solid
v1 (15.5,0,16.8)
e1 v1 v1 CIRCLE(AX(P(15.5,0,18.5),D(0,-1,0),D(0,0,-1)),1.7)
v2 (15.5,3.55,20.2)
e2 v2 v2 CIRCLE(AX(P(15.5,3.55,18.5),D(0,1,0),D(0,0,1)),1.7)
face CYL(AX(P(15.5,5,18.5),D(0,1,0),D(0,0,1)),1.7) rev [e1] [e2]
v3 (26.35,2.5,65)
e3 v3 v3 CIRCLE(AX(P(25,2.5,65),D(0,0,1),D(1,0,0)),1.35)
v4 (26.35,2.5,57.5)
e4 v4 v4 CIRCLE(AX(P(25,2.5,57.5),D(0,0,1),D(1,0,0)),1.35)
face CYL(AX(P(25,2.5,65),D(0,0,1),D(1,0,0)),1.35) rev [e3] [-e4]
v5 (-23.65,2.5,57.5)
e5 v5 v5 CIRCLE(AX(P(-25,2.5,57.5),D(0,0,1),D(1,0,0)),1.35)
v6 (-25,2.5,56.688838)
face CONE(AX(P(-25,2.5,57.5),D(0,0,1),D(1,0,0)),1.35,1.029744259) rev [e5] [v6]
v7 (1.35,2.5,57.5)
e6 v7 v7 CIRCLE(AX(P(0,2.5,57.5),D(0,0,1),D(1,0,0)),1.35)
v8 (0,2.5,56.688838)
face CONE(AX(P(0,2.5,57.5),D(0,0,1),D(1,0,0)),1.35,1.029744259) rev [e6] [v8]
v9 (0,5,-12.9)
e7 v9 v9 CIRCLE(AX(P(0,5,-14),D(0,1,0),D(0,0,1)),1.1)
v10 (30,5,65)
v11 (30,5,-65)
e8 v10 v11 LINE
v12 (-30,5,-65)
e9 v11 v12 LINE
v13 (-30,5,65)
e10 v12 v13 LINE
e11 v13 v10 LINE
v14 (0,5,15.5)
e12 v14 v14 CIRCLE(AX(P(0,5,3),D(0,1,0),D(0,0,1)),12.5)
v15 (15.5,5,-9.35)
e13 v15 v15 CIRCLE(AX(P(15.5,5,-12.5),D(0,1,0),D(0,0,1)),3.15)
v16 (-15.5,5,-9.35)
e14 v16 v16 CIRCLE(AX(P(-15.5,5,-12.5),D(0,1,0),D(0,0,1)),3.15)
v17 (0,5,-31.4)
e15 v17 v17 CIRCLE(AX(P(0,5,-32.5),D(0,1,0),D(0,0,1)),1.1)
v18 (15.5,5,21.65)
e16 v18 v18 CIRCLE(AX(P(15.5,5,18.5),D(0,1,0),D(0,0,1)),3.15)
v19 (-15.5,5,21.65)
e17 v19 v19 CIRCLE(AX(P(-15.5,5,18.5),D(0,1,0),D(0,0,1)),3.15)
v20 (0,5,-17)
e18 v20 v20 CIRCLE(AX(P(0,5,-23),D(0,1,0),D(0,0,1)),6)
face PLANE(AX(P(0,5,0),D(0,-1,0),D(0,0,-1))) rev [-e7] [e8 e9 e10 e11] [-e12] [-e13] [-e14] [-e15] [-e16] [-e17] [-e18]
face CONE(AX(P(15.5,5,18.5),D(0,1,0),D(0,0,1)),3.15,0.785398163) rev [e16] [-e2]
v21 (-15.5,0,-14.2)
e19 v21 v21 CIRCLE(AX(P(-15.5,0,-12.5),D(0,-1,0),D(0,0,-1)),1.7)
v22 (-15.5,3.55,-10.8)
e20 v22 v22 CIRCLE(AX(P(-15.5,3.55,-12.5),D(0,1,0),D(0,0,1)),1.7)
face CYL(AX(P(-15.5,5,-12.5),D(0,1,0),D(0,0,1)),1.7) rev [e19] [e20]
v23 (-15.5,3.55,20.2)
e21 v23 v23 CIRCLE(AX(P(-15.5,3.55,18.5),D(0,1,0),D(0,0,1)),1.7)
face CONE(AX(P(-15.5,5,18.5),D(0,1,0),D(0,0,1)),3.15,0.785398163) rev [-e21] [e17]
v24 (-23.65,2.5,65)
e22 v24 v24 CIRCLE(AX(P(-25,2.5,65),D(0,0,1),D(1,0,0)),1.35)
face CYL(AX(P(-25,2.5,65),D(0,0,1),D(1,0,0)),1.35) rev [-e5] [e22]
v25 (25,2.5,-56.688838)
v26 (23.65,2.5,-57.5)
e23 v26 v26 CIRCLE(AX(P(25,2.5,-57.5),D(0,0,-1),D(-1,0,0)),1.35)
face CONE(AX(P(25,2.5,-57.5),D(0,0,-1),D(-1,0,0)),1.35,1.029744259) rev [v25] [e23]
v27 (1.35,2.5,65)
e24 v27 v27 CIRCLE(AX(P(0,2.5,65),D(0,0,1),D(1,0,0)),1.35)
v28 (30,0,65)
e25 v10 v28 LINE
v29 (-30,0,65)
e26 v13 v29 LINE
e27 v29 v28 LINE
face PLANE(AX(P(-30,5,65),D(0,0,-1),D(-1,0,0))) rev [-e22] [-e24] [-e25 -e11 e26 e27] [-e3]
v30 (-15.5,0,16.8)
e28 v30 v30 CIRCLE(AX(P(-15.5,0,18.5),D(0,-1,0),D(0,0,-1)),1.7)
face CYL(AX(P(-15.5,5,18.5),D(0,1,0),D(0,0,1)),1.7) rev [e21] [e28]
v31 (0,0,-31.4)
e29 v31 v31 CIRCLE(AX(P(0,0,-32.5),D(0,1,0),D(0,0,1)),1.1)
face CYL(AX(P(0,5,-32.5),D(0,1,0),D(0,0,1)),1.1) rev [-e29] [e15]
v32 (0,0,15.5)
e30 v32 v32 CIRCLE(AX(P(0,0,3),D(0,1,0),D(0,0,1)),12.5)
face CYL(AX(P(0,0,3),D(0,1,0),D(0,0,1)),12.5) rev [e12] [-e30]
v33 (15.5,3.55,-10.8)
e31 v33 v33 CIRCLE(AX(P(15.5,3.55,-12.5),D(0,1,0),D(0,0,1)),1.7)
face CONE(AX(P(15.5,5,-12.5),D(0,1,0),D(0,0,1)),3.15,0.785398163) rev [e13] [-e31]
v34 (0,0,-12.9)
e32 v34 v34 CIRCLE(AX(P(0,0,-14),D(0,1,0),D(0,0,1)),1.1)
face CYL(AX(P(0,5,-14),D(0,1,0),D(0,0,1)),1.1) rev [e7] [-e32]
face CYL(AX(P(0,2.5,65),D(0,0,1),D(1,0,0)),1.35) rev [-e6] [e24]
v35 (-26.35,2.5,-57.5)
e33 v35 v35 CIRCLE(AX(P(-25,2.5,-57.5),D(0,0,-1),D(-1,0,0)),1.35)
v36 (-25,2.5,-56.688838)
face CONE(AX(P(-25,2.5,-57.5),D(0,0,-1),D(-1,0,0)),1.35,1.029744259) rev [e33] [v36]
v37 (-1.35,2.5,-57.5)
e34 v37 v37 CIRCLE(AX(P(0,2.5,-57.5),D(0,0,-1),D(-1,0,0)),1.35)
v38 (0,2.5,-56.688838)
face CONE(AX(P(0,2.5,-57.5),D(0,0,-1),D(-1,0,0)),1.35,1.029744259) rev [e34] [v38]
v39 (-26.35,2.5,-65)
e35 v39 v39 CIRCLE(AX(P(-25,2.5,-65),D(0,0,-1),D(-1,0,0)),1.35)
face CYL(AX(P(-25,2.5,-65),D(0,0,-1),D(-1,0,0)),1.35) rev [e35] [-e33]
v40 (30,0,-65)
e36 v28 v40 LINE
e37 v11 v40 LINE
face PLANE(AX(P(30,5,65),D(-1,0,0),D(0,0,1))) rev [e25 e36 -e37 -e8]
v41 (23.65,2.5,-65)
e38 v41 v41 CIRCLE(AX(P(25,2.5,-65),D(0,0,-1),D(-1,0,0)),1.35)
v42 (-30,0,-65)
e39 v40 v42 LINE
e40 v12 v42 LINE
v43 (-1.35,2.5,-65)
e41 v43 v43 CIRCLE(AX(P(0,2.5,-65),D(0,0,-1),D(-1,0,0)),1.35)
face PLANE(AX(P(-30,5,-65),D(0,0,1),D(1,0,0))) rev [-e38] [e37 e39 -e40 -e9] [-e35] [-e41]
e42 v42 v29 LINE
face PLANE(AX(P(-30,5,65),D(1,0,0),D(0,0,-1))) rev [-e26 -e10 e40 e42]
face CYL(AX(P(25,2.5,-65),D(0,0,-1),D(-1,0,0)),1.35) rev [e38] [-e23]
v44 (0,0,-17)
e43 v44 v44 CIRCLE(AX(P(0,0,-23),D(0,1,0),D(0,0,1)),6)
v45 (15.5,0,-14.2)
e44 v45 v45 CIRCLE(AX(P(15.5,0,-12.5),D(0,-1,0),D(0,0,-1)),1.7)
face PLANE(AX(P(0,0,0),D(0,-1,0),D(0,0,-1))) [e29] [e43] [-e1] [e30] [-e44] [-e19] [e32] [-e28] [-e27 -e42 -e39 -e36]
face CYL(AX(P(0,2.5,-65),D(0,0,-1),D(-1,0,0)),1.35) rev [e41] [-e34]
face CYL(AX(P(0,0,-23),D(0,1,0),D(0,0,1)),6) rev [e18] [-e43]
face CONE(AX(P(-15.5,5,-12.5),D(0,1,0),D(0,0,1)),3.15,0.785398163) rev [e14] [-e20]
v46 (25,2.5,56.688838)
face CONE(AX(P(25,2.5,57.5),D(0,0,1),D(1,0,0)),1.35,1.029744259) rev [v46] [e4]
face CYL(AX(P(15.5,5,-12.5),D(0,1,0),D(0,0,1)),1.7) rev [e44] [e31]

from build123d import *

# Parameters (mm, degrees)
SKETCH_1_W                   = 60
SKETCH_1_H                   = 130
EXTRUDE_1_DEPTH              = 5
HOLE_WIZARD_M3_1_D           = 3.4
HOLE_WIZARD_M3_1_DEPTH       = 7.5
HOLE_WIZARD_M3_1_CSINK_D     = 6.3
HOLE_WIZARD_M3_1_CSINK_ANGLE = 90
HOLE_WIZARD_M3_1_TIP         = 1.021463052
SKETCH_6_R                   = 12.5
CUT_EXTRUDE_1_DEPTH          = 72.763500472
F_1_0MM_2_AT_2_COUNT         = 2
F_1_0MM_2_AT_2_PITCH         = 25
F_1_0MM_2_AT_3_COUNT         = 2
F_1_0MM_2_AT_3_PITCH         = 50
F_1_0MM_1_D                  = 2.2
SKETCH_13_R                  = 6
CUT_EXTRUDE_2_DEPTH          = 72.763500472


with BuildPart() as part:
    # 草圖1 → 填料-伸長1 (new body)
    with BuildSketch(Plane(origin=(0, 0, 0), x_dir=(1, 0, 0), z_dir=(0, 1, 0))):
        Rectangle(SKETCH_1_W, SKETCH_1_H)
    extrude(amount=EXTRUDE_1_DEPTH)

    # M3 錐坑平頭螺釘的錐孔1
    with Locations(Plane(origin=(0, 5, 0), x_dir=(1, 0, 0), z_dir=(0, 1, 0))):
        with Locations((-15.5, 12.5), (-15.5, -18.5), (15.5, 12.5), (15.5, -18.5)):
            CounterSinkHole(HOLE_WIZARD_M3_1_D / 2, HOLE_WIZARD_M3_1_CSINK_D / 2, depth=HOLE_WIZARD_M3_1_DEPTH, counter_sink_angle=HOLE_WIZARD_M3_1_CSINK_ANGLE)
            with Locations((0, 0, -(HOLE_WIZARD_M3_1_DEPTH + HOLE_WIZARD_M3_1_TIP / 2))):  # 118° drill point
                Cone(0, HOLE_WIZARD_M3_1_D / 2, HOLE_WIZARD_M3_1_TIP, mode=Mode.SUBTRACT)

    # 草圖6 → 除料-伸長1 (cut, through all)
    with BuildSketch(Plane(origin=(0, 5, 0), x_dir=(1, 0, 0), z_dir=(0, 1, 0))):
        with Locations(Location((0, -3, 0), (0, 0, 270))):
            Circle(SKETCH_6_R)
    extrude(amount=-CUT_EXTRUDE_1_DEPTH, mode=Mode.SUBTRACT)

    # 草圖8 → Ø1.0mm 定位孔2 (revolve, cut)
    with BuildSketch(Plane(origin=(25, 2.5, -65), x_dir=(0, 1, 0), z_dir=(1, 0, 0))):
        Polygon((0, 0), (0, 8.311161836), (1.35, 7.5), (1.35, 0), align=None)
    f_1_0mm_2 = revolve(axis=Axis((25, 2.5, -71.35), (0, 0, 1)), mode=Mode.SUBTRACT)

    # Ø1.0mm 定位孔2 at 2: Ø1.0mm 定位孔2 ×2
    with Locations(*[(-i * F_1_0MM_2_AT_2_PITCH, 0, 0) for i in range(1, F_1_0MM_2_AT_2_COUNT)]):
        add(f_1_0mm_2, mode=Mode.SUBTRACT)

    # Ø1.0mm 定位孔2 at 3: Ø1.0mm 定位孔2 ×2
    with Locations(*[(-i * F_1_0MM_2_AT_3_PITCH, 0, 0) for i in range(1, F_1_0MM_2_AT_3_COUNT)]):
        add(f_1_0mm_2, mode=Mode.SUBTRACT)

    # 鏡射1: Ø1.0mm 定位孔2 across plane
    add(f_1_0mm_2.mirror(Plane.XY), mode=Mode.SUBTRACT)

    # 鏡射1 copy 1 sketch → 鏡射1 copy 1 (revolve, cut)
    with BuildSketch(Plane(origin=(0, 2.5, 65), x_dir=(0, 1, 0), z_dir=(1, 0, 0))):
        Polygon((0, 0), (0, -8.311161836), (1.35, -7.5), (1.35, 0), align=None)
    revolve(axis=Axis((0, 2.5, 71.35), (0, 0, 1)), mode=Mode.SUBTRACT)

    # 鏡射1 copy 2 sketch → 鏡射1 copy 2 (revolve, cut)
    with BuildSketch(Plane(origin=(-25, 2.5, 65), x_dir=(0, 1, 0), z_dir=(1, 0, 0))):
        Polygon((0, 0), (0, -8.311161836), (1.35, -7.5), (1.35, 0), align=None)
    revolve(axis=Axis((-25, 2.5, 71.35), (0, 0, 1)), mode=Mode.SUBTRACT)

    # Ø1.0mm 定位孔1 (through all)
    with Locations(Plane(origin=(0, 5, 0), x_dir=(1, 0, 0), z_dir=(0, 1, 0))):
        with Locations((0, 32.5), (0, 14)):
            Hole(F_1_0MM_1_D / 2)

    # 草圖13 → 除料-伸長2 (cut, through all)
    with BuildSketch(Plane(origin=(0, 5, 0), x_dir=(1, 0, 0), z_dir=(0, 1, 0))):
        with Locations(Location((0, 23, 0), (0, 0, 270))):
            Circle(SKETCH_13_R)
    extrude(amount=-CUT_EXTRUDE_2_DEPTH, mode=Mode.SUBTRACT)


solid = part.part
